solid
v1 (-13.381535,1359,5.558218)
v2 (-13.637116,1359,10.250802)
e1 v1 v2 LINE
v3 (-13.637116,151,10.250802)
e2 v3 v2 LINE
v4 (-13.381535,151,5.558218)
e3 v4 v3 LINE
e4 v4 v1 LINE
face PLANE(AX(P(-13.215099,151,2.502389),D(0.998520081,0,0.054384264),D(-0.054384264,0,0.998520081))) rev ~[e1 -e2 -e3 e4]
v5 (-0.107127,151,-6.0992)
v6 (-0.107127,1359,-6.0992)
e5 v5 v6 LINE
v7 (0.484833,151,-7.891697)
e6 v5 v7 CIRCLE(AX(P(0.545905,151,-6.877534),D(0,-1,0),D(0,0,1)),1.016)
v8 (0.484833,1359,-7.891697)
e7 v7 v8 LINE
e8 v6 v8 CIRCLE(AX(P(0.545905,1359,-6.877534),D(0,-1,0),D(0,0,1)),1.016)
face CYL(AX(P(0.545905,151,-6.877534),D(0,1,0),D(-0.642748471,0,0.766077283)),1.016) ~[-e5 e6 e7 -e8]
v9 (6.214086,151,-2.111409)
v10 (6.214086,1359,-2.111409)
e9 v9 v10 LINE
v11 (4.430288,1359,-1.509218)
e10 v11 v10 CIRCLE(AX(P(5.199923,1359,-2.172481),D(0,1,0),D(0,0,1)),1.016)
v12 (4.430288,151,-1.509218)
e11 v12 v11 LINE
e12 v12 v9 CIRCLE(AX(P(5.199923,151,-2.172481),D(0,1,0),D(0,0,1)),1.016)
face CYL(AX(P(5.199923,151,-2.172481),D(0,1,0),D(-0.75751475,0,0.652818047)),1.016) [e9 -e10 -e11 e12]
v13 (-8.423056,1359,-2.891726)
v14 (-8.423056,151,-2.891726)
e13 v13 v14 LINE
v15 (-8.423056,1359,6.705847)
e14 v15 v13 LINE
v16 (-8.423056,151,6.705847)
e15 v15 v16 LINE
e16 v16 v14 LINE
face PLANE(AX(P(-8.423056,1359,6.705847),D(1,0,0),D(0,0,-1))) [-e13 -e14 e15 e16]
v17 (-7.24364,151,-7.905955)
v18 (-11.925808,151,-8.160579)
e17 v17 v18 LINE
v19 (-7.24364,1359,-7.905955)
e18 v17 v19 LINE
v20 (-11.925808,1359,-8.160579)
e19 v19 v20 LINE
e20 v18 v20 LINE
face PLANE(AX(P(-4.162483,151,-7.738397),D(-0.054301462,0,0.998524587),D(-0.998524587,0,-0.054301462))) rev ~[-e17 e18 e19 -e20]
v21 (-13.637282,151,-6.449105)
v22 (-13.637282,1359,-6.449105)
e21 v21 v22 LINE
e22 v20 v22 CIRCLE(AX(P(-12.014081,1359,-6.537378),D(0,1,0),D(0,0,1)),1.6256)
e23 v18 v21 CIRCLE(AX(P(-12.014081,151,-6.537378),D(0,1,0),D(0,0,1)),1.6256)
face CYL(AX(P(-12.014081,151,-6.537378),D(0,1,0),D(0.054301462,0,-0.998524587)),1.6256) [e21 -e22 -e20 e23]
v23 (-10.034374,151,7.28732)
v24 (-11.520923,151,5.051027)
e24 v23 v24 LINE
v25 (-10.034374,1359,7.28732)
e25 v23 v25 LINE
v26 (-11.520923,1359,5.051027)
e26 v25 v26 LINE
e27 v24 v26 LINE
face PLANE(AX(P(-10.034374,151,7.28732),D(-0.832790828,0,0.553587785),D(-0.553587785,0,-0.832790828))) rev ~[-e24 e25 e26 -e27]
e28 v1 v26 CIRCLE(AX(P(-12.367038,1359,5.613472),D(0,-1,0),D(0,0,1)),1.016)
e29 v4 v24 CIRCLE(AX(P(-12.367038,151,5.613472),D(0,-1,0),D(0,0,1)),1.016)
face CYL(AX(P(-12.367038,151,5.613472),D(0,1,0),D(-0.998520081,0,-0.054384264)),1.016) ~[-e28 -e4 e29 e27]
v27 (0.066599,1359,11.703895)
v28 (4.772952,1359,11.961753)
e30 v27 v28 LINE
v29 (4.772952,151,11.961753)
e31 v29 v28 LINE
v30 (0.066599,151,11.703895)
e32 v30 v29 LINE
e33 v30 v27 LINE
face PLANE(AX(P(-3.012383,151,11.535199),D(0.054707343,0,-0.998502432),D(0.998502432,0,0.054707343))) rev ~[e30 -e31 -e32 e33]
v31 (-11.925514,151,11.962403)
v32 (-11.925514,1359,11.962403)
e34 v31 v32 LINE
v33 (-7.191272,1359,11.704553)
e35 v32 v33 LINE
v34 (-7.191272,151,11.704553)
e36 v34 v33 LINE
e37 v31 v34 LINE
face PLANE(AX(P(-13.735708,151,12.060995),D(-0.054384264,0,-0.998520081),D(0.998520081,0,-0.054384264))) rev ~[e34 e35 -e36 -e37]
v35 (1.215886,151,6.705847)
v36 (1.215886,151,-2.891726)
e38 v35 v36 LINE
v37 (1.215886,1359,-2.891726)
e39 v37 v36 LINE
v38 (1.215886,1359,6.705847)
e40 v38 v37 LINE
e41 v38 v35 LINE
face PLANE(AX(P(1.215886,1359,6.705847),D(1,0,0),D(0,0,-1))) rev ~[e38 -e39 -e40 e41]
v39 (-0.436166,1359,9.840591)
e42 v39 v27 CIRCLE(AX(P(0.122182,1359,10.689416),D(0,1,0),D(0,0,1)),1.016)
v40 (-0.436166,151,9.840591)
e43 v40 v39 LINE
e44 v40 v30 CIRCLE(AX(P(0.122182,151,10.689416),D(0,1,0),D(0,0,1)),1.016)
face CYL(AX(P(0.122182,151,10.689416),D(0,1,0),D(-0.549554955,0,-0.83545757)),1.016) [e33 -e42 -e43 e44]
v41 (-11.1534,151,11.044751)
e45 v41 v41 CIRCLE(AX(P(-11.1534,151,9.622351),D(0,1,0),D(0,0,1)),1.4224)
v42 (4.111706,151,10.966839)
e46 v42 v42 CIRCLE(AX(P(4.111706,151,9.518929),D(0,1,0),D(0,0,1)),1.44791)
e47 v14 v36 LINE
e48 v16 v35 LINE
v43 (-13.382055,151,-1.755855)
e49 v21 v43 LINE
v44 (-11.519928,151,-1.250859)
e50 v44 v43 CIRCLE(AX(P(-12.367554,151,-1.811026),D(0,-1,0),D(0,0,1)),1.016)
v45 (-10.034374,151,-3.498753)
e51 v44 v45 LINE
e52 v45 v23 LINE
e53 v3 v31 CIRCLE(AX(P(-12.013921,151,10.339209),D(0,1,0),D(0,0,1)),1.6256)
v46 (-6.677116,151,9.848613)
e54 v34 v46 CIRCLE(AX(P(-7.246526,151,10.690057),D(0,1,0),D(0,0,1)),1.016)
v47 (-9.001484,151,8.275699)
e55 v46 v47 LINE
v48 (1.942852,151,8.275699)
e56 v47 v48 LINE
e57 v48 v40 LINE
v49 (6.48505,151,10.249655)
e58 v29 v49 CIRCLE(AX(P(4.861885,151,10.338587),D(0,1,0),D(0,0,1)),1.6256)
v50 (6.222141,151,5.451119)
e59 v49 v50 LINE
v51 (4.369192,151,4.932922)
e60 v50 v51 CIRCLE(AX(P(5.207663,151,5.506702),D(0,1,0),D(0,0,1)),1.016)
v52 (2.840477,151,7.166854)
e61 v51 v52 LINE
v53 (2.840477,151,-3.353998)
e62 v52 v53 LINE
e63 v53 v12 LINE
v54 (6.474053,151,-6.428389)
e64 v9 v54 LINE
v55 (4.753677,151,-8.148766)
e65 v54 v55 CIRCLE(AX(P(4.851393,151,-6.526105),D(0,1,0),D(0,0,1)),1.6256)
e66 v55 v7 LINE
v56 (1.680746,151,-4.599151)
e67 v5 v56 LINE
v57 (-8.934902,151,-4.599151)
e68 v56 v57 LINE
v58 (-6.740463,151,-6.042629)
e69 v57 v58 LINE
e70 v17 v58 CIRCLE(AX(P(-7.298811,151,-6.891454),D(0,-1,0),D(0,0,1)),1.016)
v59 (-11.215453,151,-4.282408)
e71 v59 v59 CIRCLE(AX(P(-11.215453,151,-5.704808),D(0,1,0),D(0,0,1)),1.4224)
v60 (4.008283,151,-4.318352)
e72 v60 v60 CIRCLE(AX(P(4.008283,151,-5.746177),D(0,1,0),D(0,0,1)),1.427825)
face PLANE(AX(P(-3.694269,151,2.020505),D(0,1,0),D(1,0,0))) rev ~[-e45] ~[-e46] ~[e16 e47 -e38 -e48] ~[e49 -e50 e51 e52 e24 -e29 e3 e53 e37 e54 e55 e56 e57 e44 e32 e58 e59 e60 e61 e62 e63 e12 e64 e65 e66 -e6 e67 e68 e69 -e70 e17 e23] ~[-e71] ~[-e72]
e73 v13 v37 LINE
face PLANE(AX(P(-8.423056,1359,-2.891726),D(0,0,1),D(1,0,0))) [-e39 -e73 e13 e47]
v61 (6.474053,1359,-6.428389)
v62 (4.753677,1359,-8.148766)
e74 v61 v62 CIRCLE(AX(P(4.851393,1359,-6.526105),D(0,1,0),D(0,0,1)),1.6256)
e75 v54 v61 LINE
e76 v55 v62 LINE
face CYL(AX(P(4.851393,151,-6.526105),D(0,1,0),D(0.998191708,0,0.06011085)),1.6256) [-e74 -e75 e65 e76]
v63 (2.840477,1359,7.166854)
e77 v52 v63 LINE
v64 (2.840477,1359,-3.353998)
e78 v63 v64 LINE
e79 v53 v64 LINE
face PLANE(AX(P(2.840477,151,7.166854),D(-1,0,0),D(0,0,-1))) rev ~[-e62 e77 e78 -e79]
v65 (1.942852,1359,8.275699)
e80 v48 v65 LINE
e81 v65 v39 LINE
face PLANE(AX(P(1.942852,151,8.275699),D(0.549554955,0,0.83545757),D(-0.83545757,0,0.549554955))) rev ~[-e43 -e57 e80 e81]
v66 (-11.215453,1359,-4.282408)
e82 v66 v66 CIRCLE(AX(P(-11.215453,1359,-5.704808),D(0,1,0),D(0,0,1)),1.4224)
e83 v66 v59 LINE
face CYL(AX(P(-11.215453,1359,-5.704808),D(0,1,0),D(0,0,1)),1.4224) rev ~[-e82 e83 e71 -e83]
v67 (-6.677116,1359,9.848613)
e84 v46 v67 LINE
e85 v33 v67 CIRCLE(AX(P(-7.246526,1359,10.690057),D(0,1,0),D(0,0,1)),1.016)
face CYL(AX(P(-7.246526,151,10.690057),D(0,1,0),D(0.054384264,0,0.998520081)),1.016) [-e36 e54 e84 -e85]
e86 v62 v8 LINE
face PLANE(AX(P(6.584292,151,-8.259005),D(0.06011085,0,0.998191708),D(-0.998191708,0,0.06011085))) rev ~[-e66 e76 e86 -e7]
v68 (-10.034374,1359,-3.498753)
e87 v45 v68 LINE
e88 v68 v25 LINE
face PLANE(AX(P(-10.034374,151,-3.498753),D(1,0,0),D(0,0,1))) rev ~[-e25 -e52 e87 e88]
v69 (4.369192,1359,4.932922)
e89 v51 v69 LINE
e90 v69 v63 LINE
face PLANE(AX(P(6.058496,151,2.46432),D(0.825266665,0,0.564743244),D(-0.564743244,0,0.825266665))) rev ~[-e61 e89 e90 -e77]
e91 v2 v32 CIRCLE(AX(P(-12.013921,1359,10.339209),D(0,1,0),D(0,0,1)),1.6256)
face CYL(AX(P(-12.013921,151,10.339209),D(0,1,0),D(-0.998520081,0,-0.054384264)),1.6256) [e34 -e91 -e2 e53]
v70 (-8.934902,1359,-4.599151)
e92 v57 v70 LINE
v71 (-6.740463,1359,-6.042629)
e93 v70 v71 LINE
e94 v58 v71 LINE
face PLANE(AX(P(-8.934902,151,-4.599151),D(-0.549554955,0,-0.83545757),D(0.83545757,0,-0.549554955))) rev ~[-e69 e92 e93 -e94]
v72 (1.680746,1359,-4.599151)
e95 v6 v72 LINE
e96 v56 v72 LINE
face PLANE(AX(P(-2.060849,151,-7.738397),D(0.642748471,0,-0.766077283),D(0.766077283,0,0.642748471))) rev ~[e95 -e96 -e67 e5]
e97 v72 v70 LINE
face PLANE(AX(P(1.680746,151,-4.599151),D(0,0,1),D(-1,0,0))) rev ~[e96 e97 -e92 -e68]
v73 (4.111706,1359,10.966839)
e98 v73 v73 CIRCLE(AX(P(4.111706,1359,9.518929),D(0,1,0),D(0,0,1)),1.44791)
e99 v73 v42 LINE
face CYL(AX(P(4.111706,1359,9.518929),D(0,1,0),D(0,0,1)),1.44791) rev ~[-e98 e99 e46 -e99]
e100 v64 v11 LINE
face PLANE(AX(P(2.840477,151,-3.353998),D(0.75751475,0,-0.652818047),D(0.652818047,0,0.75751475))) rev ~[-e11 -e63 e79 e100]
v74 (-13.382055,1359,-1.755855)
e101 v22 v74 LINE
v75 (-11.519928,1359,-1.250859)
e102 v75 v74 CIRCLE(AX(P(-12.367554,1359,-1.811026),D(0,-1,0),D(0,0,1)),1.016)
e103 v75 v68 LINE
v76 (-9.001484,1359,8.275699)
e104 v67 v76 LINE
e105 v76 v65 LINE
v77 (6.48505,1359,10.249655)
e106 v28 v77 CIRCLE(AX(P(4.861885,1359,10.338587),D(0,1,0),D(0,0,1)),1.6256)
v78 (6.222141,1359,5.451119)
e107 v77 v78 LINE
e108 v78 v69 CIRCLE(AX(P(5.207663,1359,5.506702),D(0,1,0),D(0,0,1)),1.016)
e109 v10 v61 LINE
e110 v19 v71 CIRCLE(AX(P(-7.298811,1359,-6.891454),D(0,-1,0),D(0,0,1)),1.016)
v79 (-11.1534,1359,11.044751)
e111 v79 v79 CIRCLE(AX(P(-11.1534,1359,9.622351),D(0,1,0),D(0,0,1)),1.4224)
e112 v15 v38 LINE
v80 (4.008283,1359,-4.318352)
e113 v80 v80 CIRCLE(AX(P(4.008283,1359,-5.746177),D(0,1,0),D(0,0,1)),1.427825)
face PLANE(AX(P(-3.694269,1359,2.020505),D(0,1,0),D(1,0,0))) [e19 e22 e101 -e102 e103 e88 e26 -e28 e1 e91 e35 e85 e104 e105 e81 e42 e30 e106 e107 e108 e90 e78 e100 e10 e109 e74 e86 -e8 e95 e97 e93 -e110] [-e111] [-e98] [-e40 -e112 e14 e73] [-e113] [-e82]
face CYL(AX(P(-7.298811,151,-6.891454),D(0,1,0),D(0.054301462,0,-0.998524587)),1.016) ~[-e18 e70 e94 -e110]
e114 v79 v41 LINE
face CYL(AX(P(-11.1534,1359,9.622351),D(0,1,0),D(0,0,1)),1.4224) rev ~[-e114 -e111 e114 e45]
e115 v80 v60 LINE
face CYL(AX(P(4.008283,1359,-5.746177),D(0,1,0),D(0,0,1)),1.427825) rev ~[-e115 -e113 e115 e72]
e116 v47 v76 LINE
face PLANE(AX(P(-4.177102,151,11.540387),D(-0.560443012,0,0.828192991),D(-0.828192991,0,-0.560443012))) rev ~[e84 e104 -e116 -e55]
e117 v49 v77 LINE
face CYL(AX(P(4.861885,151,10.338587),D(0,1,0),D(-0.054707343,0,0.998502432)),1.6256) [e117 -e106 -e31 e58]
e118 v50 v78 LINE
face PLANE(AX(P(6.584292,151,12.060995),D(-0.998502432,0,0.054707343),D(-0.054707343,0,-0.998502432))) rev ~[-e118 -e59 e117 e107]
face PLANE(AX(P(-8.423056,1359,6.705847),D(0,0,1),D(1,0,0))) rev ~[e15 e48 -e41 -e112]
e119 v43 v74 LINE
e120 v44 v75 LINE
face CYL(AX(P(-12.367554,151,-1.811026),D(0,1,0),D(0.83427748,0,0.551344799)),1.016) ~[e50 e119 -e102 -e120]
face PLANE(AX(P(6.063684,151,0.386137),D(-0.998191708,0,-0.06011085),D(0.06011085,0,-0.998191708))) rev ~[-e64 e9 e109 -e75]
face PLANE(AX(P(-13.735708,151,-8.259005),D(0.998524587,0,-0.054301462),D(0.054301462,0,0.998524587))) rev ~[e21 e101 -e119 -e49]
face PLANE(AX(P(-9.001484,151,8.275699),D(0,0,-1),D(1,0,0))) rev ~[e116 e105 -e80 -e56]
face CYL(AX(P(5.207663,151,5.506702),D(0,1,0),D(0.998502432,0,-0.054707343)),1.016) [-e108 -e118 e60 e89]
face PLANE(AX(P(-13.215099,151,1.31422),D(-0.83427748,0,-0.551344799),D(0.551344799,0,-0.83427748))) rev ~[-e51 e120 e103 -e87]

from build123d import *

# Parameters (mm, degrees)
BOSS_EXTRUDE1_DEPTH = 1510
FILLET1_R           = 2.032
FILLET2_R           = 1.27
SKETCH5_W           = 12.048677603
SKETCH5_H           = 11.996966541
SKETCH5_R           = 1.809887194
SKETCH5_R_2         = 1.778
SKETCH5_R_3         = 1.784780941
CUT_EXTRUDE3_DEPTH  = 1511.155598371
SCALE1_SCALE        = 0.8


with BuildPart() as part:
    # Sketch2 → Boss-Extrude1 (new body)
    with BuildSketch(Plane(origin=(0, 0, 0), x_dir=(1, 0, 0), z_dir=(0, 1, 0))):
        Polygon((-11.631944508, 4.856112595), (-11.631944508, -8.62647921), (-15.607851567, -2.645315933), (-16.258611825, -14.593573265), (-4.310354494, -13.942813006), (-10.340832945, -9.861953178), (3.339587632, -9.861953178), (-2.854456203, -13.936328227), (9.141388175, -14.593573265), (8.484143137, -2.597728887), (4.461618468, -8.47589662), (4.461618468, 4.675168062), (8.490627916, 0), (9.141388175, 10.806426735), (-1.66503856, 10.155666477), (3.011955341, 6.231609797), (-10.257604353, 6.231609797), (-4.292081103, 10.155666477), (-16.258611825, 10.806426735), (-15.607851567, -1.160103987), align=None)
    extrude(amount=BOSS_EXTRUDE1_DEPTH)

    # Fillet1
    fillet1_edges = [part.edges().sort_by_distance(p)[0] for p in [
        (9.141388175, 755, 14.593573265),
        (-16.258611825, 755, 14.593573265),
        (-16.258611825, 755, -10.806426735),
        (9.141388175, 755, -10.806426735),
    ]]
    fillet(fillet1_edges, radius=FILLET1_R)

    # Fillet2
    fillet2_edges = [part.edges().sort_by_distance(p)[0] for p in [
        (8.490627916, 755, 0),
        (8.484143137, 755, 2.597728887),
        (-2.854456203, 755, 13.936328227),
        (-4.310354494, 755, 13.942813006),
        (-15.607851567, 755, 2.645315933),
        (-15.607851567, 755, 1.160103987),
        (-4.292081103, 755, -10.155666477),
        (-1.66503856, 755, -10.155666477),
    ]]
    fillet(fillet2_edges, radius=FILLET2_R)

    # Sketch5 → Cut-Extrude3 (cut, through all)
    with BuildSketch(Plane(origin=(0, 1510, 0), x_dir=(1, 0, 0), z_dir=(0, 1, 0))):
        with Locations((-3.593458736, -1.901154881)):
            Rectangle(SKETCH5_W, SKETCH5_H)
        with Locations(Location((6.050654454, -11.415990413, 0), (0, 0, 270))):
            Circle(SKETCH5_R)
        with Locations(Location((-13.030727673, -11.545268069, 0), (0, 0, 270))):
            Circle(SKETCH5_R_2)
        with Locations(Location((-13.108294267, 7.613680652, 0), (0, 0, 270))):
            Circle(SKETCH5_R_2)
        with Locations(Location((5.921376797, 7.665391714, 0), (0, 0, 270))):
            Circle(SKETCH5_R_3)
    extrude(amount=-CUT_EXTRUDE3_DEPTH, mode=Mode.SUBTRACT)


with BuildPart() as part_1:
    # Scale1: scaled about (-3.644090286, 755, 1.930683285)
    add(part.part.scale(SCALE1_SCALE).moved(Location((-0.728818057, 151, 0.386136657))))


solid = part_1.part
